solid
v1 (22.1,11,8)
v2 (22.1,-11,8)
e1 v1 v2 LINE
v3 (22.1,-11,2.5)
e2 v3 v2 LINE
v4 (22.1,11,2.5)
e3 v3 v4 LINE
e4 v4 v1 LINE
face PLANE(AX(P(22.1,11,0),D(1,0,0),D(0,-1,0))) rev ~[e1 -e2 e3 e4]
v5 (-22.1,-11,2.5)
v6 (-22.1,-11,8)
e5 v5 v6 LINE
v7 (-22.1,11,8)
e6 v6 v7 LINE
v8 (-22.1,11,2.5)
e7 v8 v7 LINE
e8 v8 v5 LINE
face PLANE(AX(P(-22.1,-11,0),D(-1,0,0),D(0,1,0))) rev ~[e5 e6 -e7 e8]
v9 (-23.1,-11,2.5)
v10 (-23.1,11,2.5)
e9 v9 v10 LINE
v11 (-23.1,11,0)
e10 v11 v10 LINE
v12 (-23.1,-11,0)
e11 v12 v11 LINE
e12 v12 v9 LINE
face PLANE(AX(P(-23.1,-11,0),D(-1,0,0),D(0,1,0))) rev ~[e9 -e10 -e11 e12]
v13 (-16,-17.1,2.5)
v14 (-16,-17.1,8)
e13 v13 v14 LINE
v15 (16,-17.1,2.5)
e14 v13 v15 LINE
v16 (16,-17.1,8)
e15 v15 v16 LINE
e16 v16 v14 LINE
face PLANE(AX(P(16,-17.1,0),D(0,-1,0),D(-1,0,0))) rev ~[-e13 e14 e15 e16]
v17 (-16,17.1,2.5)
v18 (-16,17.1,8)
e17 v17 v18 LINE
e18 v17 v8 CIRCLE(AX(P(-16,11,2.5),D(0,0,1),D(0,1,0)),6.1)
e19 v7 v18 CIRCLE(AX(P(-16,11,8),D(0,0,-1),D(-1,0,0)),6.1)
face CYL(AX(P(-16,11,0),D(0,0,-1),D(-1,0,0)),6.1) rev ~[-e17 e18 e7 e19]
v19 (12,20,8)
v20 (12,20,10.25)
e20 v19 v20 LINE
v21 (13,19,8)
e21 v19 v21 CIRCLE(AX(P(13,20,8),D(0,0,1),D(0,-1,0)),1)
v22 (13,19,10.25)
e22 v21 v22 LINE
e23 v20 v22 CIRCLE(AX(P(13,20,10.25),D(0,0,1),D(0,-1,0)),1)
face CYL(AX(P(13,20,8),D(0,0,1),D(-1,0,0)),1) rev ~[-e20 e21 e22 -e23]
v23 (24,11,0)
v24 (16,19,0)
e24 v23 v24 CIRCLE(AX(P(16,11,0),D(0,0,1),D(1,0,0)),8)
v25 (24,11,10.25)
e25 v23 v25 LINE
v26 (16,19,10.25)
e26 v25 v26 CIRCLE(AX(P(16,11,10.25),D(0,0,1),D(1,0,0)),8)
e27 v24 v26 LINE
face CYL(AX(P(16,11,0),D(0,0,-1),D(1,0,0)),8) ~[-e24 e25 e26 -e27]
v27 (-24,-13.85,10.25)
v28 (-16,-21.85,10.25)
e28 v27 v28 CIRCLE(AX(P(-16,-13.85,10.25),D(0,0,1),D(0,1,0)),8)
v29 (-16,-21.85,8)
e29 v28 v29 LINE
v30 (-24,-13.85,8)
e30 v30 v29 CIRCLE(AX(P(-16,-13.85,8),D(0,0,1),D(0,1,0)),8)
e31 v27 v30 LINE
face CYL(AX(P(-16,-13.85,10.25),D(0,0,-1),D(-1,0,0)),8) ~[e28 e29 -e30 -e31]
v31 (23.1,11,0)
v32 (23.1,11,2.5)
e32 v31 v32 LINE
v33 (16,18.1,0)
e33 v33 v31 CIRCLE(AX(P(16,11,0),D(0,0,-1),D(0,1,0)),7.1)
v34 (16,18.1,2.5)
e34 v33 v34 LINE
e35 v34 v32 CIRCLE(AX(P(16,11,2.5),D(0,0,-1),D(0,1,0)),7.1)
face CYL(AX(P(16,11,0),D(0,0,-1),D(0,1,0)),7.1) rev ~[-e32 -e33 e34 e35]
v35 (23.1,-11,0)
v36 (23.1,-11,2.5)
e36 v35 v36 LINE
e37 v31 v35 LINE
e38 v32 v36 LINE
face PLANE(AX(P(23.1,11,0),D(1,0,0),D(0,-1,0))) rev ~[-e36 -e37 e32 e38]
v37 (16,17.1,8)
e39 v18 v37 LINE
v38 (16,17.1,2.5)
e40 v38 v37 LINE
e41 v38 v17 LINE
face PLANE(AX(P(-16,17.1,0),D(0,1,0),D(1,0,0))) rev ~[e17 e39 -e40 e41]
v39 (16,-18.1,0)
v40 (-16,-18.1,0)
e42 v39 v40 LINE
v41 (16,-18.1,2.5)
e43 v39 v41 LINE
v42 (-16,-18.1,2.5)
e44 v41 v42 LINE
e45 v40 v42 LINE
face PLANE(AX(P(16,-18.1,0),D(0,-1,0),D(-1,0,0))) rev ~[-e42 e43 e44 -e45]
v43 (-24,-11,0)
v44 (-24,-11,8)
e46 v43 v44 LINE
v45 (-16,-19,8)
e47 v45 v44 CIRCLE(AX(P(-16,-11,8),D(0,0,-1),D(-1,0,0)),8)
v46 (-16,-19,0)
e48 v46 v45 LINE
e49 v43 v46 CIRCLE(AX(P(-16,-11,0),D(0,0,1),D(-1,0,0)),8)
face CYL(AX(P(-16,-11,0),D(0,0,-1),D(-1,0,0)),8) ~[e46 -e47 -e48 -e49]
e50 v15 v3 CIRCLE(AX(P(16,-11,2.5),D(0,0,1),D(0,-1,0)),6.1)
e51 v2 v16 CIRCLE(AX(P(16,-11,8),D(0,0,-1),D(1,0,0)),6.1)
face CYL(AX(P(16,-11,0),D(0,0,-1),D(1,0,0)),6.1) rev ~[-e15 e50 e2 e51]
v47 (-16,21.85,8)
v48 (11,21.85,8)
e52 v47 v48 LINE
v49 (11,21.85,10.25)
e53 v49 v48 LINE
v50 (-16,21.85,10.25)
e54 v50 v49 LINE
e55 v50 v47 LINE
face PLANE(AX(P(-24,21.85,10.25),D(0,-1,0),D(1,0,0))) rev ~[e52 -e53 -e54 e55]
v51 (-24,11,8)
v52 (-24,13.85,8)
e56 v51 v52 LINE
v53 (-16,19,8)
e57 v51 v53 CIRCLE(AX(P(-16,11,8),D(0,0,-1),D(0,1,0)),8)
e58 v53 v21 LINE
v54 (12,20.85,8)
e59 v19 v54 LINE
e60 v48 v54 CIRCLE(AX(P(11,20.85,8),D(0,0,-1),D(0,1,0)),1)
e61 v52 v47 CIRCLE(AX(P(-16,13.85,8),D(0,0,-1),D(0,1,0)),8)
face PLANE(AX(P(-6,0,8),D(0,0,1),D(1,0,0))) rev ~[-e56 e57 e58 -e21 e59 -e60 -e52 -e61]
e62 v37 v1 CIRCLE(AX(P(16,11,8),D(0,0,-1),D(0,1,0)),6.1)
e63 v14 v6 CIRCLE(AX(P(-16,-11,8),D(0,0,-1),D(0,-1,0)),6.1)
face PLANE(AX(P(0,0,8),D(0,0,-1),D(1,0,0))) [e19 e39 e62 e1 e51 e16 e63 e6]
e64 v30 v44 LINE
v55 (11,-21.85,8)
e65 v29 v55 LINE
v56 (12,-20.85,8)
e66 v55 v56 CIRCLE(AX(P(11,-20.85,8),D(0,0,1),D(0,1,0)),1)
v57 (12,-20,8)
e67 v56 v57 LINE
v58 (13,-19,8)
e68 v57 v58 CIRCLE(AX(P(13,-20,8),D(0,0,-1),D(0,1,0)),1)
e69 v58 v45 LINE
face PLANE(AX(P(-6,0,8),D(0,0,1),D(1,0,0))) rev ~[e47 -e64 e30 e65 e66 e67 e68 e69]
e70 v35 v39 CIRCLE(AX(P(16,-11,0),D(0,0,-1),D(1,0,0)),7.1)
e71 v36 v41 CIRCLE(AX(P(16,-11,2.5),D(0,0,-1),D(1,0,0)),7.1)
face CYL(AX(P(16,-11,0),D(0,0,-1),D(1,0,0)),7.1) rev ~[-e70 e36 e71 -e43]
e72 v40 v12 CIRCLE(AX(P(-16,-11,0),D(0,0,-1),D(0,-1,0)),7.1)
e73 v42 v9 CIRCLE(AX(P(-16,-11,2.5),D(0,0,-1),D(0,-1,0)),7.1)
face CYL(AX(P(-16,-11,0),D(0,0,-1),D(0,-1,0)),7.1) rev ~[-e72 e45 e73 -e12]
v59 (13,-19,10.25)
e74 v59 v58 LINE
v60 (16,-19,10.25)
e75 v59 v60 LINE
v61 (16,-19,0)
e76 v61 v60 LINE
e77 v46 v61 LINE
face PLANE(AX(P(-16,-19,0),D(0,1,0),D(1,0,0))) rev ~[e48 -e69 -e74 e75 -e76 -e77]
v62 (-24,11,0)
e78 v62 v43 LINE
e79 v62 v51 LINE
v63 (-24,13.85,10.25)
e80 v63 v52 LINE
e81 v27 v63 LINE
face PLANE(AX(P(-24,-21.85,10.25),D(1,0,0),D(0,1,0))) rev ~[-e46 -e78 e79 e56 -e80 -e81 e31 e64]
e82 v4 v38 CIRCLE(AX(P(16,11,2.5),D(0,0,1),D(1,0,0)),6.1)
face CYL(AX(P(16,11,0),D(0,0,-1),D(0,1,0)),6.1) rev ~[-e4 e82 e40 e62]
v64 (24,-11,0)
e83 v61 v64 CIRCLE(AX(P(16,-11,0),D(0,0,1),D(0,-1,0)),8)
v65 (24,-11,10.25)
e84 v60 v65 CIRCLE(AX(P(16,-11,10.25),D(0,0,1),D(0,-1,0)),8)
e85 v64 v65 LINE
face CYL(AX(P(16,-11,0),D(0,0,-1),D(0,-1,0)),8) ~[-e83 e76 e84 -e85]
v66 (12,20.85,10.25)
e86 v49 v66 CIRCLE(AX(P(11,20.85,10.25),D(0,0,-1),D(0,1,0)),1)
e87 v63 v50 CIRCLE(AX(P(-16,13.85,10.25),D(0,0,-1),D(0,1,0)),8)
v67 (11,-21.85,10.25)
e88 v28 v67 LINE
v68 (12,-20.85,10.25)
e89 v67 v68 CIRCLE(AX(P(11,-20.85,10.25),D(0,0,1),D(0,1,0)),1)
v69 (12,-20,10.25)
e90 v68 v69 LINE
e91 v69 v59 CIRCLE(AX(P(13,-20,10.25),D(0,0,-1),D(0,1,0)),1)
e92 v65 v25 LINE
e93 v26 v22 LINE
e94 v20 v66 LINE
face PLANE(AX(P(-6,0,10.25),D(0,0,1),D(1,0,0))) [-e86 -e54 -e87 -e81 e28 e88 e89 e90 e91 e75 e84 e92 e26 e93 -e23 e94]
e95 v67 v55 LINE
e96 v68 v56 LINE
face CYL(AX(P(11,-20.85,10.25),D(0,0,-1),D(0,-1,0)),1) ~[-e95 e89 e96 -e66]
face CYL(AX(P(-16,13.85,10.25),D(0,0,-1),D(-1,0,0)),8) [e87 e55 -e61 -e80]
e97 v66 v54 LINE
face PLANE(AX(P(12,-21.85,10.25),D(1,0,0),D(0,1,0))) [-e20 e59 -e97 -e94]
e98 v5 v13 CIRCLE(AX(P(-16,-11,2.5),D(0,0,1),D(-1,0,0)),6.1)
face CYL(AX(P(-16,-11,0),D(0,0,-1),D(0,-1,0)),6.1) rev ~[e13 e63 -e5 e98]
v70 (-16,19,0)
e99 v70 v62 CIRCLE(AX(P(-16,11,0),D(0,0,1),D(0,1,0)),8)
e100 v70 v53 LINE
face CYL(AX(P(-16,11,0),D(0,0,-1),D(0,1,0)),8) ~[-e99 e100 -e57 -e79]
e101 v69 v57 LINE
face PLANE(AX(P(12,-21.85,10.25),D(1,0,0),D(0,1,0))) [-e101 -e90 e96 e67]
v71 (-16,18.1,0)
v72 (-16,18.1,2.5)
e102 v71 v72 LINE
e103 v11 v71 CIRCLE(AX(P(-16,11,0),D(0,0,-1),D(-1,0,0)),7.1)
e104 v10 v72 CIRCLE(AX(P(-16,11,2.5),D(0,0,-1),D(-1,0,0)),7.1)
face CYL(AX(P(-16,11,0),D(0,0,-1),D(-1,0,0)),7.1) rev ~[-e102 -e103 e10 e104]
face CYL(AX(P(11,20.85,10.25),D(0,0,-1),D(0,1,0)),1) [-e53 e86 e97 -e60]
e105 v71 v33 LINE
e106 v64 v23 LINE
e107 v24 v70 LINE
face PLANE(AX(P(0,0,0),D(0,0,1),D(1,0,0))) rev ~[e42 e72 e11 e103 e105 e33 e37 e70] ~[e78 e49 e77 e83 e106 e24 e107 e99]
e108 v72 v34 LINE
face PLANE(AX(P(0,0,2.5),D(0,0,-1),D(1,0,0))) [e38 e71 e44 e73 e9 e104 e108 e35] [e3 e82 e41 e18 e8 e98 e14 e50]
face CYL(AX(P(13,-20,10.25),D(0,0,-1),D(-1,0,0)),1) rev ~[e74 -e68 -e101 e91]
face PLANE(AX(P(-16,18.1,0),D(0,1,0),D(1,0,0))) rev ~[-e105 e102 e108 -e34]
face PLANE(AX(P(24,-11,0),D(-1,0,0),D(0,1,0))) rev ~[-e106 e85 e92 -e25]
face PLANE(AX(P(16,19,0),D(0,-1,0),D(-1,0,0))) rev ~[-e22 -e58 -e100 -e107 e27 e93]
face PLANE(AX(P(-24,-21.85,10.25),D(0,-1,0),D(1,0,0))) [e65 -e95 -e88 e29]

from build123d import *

# Parameters (mm, degrees)
F1_DEPTH = 10.25
F2_W     = 36
F2_H     = 43.7
F3_DEPTH = 2.25
F4_R     = 8
F5_R     = 1
F6_R     = 1
F8_DEPTH = 8
F9_DEPTH = 2.5


with BuildPart() as f1:
    # F0 (on Top) → F1 (new body)
    with BuildSketch(Plane.XY):
        with BuildLine():
            Line((16, 19), (-16, 19))
            ThreePointArc((-16, 19), (-21.6568542495, 16.6568542495), (-24, 11))
            Line((-24, 11), (-24, -11))
            ThreePointArc((-24, -11), (-21.6568542495, -16.6568542495), (-16, -19))
            Line((-16, -19), (16, -19))
            ThreePointArc((16, -19), (21.6568542495, -16.6568542495), (24, -11))
            Line((24, -11), (24, 11))
            ThreePointArc((24, 11), (21.6568542495, 16.6568542495), (16, 19))
        make_face()
    extrude(amount=F1_DEPTH)

    # F2 (on face) → F3 (join)
    with BuildSketch(Plane.XY.offset(10.25)):
        with Locations((-6, 0)):
            Rectangle(F2_W, F2_H)
    extrude(amount=-F3_DEPTH)

    # F4
    f4_edges = [f1.edges().sort_by_distance(p)[0] for p in [
        (-24, -21.85, 9.125),
        (-24, 21.85, 9.125),
    ]]
    fillet(f4_edges, radius=F4_R)

    # F5
    f5_edges = [f1.edges().sort_by_distance(p)[0] for p in [
        (12, -21.85, 9.125),
        (12, 21.85, 9.125),
    ]]
    fillet(f5_edges, radius=F5_R)

    # F6
    f6_edges = [f1.edges().sort_by_distance(p)[0] for p in [
        (12, 19, 9.125),
        (12, -19, 9.125),
    ]]
    fillet(f6_edges, radius=F6_R)

    # F7 (on face) → F8 (cut)
    with BuildSketch(Plane(origin=(0, 0, 0), x_dir=(1, 0, 0), z_dir=(0, 0, -1))):
        with BuildLine():
            ThreePointArc((22.1, 11), (20.3133513652, 15.3133513652), (16, 17.1))
            Line((16, 17.1), (-16, 17.1))
            ThreePointArc((-16, 17.1), (-20.3133513652, 15.3133513652), (-22.1, 11))
            Line((-22.1, 11), (-22.1, -11))
            ThreePointArc((-22.1, -11), (-20.3133513652, -15.3133513652), (-16, -17.1))
            Line((-16, -17.1), (16, -17.1))
            ThreePointArc((16, -17.1), (20.3133513652, -15.3133513652), (22.1, -11))
            Line((22.1, -11), (22.1, 11))
        make_face()
    extrude(amount=-F8_DEPTH, mode=Mode.SUBTRACT)

    # F7 (on face) → F9 (cut)
    with BuildSketch(Plane(origin=(0, 0, 0), x_dir=(1, 0, 0), z_dir=(0, 0, -1))):
        with BuildLine():
            Line((23.1, -11), (23.1, 11))
            ThreePointArc((23.1, 11), (21.0204581464, 16.0204581464), (16, 18.1))
            Line((16, 18.1), (-16, 18.1))
            ThreePointArc((-16, 18.1), (-21.0204581464, 16.0204581464), (-23.1, 11))
            Line((-23.1, 11), (-23.1, -11))
            ThreePointArc((-23.1, -11), (-21.0204581464, -16.0204581464), (-16, -18.1))
            Line((-16, -18.1), (16, -18.1))
            ThreePointArc((16, -18.1), (21.0204581464, -16.0204581464), (23.1, -11))
        make_face()
        with BuildLine():
            Line((-16, 17.1), (16, 17.1))
            ThreePointArc((16, 17.1), (20.3133513652, 15.3133513652), (22.1, 11))
            Line((22.1, 11), (22.1, -11))
            ThreePointArc((22.1, -11), (20.3133513652, -15.3133513652), (16, -17.1))
            Line((16, -17.1), (-16, -17.1))
            ThreePointArc((-16, -17.1), (-20.3133513652, -15.3133513652), (-22.1, -11))
            Line((-22.1, -11), (-22.1, 11))
            ThreePointArc((-22.1, 11), (-20.3133513652, 15.3133513652), (-16, 17.1))
        make_face(mode=Mode.SUBTRACT)
    extrude(amount=-F9_DEPTH, mode=Mode.SUBTRACT)


solid = f1.part
